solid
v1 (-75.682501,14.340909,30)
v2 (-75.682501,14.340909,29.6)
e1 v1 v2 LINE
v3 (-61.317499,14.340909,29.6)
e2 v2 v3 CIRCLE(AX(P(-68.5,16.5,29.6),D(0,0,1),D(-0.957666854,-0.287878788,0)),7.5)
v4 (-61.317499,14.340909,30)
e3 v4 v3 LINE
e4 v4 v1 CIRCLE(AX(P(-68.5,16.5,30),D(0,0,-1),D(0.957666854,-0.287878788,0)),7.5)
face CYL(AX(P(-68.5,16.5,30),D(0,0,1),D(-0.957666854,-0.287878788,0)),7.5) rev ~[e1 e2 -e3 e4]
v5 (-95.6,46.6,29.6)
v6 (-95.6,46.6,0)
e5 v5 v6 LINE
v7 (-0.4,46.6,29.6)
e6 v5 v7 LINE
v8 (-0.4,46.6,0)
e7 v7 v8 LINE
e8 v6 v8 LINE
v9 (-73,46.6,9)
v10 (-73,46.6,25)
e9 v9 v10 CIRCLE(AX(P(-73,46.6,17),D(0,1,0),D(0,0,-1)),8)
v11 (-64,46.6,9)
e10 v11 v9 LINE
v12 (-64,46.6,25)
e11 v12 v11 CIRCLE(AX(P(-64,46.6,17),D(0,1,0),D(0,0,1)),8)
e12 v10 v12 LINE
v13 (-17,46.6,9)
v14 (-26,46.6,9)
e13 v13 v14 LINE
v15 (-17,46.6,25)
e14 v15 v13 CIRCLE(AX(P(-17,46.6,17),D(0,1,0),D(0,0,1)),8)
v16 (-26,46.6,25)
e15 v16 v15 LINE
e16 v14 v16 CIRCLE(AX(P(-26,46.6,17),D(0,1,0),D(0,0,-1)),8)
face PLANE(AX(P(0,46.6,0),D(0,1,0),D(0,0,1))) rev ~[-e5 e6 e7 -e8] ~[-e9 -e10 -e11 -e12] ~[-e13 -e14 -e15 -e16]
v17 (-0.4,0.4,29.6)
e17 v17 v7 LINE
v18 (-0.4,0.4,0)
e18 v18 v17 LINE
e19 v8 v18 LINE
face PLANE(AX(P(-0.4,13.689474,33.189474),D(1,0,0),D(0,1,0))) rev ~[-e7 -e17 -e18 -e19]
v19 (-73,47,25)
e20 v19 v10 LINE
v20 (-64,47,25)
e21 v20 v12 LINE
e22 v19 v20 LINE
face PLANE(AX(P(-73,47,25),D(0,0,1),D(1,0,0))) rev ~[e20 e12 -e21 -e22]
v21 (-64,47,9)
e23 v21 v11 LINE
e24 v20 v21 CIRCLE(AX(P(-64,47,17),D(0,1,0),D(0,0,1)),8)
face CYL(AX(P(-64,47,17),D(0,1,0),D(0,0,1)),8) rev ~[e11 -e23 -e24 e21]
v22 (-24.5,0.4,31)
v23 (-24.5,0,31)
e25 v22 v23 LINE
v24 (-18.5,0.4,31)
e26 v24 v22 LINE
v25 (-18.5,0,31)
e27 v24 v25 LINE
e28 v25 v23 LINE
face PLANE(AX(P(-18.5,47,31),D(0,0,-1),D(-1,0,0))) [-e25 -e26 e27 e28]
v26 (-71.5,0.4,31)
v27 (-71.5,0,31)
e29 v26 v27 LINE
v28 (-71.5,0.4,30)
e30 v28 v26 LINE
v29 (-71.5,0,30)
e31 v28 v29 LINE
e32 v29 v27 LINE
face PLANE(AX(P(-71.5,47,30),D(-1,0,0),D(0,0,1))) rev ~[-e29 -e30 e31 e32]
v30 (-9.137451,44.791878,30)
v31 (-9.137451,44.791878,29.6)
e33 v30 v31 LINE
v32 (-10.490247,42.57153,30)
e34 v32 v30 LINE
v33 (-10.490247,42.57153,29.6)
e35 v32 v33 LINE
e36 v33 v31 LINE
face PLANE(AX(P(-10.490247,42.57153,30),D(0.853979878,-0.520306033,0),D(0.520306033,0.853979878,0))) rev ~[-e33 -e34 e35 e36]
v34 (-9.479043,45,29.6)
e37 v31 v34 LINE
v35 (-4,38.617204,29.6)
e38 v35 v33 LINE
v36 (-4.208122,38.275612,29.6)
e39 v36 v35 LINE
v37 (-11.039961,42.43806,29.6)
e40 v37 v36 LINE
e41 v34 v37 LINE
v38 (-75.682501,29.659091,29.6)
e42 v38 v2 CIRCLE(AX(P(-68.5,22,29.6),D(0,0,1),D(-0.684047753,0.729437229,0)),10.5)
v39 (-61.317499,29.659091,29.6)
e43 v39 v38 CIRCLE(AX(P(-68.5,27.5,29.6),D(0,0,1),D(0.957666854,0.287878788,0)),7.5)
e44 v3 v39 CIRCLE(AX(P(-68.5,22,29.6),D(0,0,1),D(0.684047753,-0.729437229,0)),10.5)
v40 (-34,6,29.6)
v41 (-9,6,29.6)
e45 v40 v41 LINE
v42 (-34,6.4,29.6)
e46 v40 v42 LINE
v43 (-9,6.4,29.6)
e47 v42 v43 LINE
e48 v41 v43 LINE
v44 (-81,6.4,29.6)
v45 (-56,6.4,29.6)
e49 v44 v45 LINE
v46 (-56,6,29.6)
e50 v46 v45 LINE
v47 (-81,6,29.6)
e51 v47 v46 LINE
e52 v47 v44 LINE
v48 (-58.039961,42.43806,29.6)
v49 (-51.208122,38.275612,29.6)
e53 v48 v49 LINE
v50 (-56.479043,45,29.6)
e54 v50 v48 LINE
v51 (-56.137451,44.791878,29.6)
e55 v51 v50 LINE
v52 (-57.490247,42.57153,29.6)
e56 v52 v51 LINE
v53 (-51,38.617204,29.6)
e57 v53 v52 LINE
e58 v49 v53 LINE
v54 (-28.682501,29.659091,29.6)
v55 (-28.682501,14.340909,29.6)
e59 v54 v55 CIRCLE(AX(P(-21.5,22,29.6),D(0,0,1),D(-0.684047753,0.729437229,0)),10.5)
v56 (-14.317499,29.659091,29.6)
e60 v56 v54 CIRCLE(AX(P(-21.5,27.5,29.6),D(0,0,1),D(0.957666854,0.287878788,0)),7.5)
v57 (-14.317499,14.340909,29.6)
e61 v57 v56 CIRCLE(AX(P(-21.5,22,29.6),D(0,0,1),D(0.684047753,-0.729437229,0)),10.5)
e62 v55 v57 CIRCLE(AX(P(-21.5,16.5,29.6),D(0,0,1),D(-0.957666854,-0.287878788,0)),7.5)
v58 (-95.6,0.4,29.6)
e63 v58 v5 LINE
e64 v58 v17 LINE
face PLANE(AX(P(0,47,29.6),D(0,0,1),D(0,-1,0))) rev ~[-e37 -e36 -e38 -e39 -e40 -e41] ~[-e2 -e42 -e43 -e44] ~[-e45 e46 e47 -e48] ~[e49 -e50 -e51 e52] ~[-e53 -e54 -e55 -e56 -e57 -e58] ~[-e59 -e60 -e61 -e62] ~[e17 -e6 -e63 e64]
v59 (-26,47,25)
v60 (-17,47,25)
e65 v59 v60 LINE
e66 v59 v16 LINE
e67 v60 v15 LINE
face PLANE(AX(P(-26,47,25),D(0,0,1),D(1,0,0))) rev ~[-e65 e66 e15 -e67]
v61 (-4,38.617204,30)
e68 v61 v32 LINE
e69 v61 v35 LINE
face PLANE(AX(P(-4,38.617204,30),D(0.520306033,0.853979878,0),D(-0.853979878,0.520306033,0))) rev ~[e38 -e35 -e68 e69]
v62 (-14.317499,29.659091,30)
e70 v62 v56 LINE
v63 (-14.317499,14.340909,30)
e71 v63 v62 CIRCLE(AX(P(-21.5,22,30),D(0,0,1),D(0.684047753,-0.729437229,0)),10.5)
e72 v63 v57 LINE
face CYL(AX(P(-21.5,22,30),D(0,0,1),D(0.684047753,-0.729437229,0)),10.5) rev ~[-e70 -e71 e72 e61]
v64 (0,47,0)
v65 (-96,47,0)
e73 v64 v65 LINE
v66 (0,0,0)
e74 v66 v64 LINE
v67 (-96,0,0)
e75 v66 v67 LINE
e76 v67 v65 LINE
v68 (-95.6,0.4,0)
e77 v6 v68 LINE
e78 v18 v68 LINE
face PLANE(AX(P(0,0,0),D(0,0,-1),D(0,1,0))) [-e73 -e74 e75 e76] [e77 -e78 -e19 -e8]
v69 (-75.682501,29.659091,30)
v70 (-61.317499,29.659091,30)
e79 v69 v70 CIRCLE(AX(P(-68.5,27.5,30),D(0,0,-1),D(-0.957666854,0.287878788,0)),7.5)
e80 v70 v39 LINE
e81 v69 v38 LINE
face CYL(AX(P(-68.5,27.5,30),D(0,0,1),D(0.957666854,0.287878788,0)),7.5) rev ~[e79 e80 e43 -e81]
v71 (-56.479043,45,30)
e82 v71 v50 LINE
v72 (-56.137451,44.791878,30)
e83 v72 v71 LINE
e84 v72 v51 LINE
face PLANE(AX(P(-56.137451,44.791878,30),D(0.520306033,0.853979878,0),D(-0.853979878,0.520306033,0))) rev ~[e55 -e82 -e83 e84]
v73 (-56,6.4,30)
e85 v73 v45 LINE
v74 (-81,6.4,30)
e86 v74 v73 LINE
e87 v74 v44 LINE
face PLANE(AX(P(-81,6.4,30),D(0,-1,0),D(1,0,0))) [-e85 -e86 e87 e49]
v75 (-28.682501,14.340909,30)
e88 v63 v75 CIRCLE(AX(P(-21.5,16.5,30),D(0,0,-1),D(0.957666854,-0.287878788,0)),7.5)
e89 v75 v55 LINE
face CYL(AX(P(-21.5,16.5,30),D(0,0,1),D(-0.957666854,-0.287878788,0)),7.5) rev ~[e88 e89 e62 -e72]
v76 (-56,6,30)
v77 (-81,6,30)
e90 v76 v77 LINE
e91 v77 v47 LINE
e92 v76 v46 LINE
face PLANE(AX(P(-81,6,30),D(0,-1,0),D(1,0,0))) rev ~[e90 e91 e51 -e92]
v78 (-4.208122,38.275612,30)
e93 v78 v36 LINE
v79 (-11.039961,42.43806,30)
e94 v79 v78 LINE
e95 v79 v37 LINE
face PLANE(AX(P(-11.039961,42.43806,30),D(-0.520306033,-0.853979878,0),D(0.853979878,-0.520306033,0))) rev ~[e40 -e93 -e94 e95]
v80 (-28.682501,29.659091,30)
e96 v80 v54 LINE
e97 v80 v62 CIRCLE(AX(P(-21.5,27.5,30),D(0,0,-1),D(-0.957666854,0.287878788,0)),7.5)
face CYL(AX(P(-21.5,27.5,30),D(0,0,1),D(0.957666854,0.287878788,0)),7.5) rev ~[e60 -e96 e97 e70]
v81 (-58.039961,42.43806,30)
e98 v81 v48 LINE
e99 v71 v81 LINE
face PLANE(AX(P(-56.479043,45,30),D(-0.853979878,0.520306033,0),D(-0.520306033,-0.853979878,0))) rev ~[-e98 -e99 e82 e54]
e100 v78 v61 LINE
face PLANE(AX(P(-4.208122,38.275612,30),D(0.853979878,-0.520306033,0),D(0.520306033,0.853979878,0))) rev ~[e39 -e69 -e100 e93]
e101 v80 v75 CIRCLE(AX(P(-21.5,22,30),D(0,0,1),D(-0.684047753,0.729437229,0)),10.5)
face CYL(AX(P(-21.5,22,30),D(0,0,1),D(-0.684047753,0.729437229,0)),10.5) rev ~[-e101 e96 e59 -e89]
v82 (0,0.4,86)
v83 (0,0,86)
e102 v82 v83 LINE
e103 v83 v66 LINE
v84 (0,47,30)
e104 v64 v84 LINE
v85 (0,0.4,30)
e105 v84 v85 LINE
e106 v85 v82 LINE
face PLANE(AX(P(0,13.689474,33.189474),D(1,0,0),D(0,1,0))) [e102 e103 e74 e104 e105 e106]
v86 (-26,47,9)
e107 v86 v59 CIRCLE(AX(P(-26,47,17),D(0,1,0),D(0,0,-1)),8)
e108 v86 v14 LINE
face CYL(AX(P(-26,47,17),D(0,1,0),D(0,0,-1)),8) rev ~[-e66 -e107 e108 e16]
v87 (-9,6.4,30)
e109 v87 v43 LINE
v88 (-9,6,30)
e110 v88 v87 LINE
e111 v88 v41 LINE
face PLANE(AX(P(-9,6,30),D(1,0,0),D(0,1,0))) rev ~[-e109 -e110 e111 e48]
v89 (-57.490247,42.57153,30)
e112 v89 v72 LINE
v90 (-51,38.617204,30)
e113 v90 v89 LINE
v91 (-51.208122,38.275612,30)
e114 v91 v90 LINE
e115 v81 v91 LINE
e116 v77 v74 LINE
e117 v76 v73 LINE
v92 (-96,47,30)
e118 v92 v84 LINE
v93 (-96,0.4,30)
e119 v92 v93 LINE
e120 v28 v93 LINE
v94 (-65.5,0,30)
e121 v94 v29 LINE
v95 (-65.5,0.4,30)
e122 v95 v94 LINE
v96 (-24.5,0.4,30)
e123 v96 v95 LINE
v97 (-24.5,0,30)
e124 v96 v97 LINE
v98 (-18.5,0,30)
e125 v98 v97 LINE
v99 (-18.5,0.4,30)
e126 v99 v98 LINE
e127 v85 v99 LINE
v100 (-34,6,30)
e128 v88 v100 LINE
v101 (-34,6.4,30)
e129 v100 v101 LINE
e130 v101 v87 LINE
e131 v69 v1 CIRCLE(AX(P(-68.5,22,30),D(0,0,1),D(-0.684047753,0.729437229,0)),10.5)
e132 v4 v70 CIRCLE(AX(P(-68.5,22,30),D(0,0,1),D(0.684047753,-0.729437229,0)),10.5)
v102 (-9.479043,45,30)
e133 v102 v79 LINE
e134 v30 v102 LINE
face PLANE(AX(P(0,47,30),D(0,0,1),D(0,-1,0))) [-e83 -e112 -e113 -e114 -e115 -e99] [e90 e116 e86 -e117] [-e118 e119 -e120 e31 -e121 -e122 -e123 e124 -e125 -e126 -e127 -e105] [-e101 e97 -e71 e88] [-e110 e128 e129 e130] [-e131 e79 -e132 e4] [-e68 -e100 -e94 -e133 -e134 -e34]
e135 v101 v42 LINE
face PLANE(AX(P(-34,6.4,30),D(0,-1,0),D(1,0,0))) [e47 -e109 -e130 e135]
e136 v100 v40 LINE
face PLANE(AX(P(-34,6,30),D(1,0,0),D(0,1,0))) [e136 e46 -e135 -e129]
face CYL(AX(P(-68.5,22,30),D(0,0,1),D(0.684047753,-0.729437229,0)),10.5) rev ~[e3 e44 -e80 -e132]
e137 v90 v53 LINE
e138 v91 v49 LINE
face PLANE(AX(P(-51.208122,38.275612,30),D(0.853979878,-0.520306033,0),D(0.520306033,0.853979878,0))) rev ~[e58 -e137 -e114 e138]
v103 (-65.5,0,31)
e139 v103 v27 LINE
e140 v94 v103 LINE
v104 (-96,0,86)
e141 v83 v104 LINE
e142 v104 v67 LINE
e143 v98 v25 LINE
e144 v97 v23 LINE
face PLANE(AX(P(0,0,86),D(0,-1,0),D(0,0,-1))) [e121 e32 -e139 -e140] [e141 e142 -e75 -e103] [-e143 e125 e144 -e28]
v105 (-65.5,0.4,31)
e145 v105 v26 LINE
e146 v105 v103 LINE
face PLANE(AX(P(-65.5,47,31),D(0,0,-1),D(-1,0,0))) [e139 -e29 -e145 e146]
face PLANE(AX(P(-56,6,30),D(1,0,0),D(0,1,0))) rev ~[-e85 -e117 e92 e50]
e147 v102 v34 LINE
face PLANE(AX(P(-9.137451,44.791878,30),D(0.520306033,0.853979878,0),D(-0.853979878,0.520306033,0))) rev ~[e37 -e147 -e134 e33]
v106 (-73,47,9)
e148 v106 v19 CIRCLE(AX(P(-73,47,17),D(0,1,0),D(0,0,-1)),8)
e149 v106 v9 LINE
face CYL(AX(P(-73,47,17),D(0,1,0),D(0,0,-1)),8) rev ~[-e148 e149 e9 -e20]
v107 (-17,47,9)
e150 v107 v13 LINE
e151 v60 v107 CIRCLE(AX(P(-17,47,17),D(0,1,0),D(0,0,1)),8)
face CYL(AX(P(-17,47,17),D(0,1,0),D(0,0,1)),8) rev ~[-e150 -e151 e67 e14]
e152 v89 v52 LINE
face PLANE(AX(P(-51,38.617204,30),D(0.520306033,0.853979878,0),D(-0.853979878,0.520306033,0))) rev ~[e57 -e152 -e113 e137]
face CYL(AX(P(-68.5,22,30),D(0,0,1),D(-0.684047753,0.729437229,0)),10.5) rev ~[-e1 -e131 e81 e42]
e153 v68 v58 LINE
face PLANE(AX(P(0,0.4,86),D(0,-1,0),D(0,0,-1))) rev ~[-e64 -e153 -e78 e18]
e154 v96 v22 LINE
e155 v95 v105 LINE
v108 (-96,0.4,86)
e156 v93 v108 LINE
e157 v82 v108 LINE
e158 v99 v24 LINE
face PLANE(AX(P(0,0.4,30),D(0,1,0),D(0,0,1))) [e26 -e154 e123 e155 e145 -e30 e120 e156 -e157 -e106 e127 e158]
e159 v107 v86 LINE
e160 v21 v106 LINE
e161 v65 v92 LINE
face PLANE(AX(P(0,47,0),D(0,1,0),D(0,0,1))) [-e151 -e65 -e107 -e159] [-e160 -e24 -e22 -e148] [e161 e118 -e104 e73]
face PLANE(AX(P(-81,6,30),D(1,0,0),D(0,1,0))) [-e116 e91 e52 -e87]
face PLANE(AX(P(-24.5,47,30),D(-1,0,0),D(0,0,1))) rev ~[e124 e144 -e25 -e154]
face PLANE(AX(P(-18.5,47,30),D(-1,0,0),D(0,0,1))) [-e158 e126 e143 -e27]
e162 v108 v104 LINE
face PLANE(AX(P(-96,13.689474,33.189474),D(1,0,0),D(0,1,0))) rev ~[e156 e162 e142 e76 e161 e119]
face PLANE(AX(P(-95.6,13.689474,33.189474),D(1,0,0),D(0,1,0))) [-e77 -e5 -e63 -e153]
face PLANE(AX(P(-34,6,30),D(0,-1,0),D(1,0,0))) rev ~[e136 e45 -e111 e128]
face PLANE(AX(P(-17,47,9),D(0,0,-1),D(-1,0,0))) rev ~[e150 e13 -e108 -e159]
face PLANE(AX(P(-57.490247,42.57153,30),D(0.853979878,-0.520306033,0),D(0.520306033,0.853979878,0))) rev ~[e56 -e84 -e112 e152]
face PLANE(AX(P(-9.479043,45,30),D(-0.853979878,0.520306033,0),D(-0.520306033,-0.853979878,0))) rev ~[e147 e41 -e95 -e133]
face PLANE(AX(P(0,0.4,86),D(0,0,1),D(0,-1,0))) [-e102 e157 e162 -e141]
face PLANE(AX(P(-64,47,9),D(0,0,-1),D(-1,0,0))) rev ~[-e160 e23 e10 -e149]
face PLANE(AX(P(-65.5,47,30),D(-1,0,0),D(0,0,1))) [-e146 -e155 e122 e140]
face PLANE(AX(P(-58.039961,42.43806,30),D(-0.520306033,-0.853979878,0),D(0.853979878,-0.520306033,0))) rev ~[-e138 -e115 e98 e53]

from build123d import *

# Parameters (mm, degrees)
F1_DEPTH = 96
F2_T     = -0.4
F3_W     = 25
F3_H     = 0.4
F4_DEPTH = 0.4
F6_DEPTH = 0.4
F5_W     = 6
F5_H     = 1
F7_DEPTH = 47


with BuildPart() as f1:
    # F0 (on Right) → F1 (new body)
    with BuildSketch(Plane.YZ):
        Polygon((0, 30), (0, 0), (47, 0), (47, 30), (0.4, 30), (0.4, 86), (0, 86), align=None)
    extrude(amount=-F1_DEPTH)

    # F2
    f2_openings = [f1.faces().sort_by_distance(p)[0] for p in [
        (-48, 23.5, 0),
    ]]
    offset(amount=F2_T, openings=f2_openings, kind=Kind.INTERSECTION)

    # F3 (on face) → F4 (cut, through all)
    with BuildSketch(Plane.XY.offset(30)):
        with BuildLine():
            ThreePointArc((-75.6825014059, 14.3409090909), (-68.5, 9), (-61.3174985941, 14.3409090909))
            ThreePointArc((-61.3174985941, 14.3409090909), (-58, 22), (-61.3174985941, 29.6590909091))
            ThreePointArc((-61.3174985941, 29.6590909091), (-68.5, 35), (-75.6825014059, 29.6590909091))
            ThreePointArc((-75.6825014059, 29.6590909091), (-79, 22), (-75.6825014059, 14.3409090909))
        make_face()
        with Locations((-68.5, 6.2)):
            Rectangle(F3_W, F3_H)
        Polygon((-51.2081224133, 38.2756121002), (-51, 38.6172040513), (-57.4902470714, 42.5715299044), (-56.1374513849, 44.7918775867), (-56.479043336, 45), (-58.0399614359, 42.4380603665), align=None)
        with BuildLine():
            ThreePointArc((-14.3174985941, 14.3409090909), (-11, 22), (-14.3174985941, 29.6590909091))
            ThreePointArc((-14.3174985941, 29.6590909091), (-21.5, 35), (-28.6825014059, 29.6590909091))
            ThreePointArc((-28.6825014059, 29.6590909091), (-32, 22), (-28.6825014059, 14.3409090909))
            ThreePointArc((-28.6825014059, 14.3409090909), (-21.5, 9), (-14.3174985941, 14.3409090909))
        make_face()
        with Locations((-21.5, 6.2)):
            Rectangle(F3_W, F3_H)
        Polygon((-11.0399614359, 42.4380603665), (-4.2081224133, 38.2756121002), (-4, 38.6172040513), (-10.4902470714, 42.5715299044), (-9.1374513849, 44.7918775867), (-9.479043336, 45), align=None)
    extrude(amount=-F4_DEPTH, mode=Mode.SUBTRACT)

    # F5 (on face) → F6 (cut, through all)
    with BuildSketch(Plane(origin=(0, 47, 0), x_dir=(-1, 0, 0), z_dir=(0, 1, 0))):
        with BuildLine():
            Line((17, 9), (26, 9))
            ThreePointArc((26, 9), (34, 17), (26, 25))
            Line((26, 25), (17, 25))
            ThreePointArc((17, 25), (9, 17), (17, 9))
        make_face()
        with BuildLine():
            Line((64, 9), (73, 9))
            ThreePointArc((73, 9), (81, 17), (73, 25))
            Line((73, 25), (64, 25))
            ThreePointArc((64, 25), (56, 17), (64, 9))
        make_face()
    extrude(amount=-F6_DEPTH, mode=Mode.SUBTRACT)

    # F5 (on face) → F7 (cut, through all)
    with BuildSketch(Plane(origin=(0, 47, 0), x_dir=(-1, 0, 0), z_dir=(0, 1, 0))):
        with Locations((21.5, 30.5)):
            Rectangle(F5_W, F5_H)
        with Locations((68.5, 30.5)):
            Rectangle(F5_W, F5_H)
    extrude(amount=-F7_DEPTH, mode=Mode.SUBTRACT)


solid = f1.part
